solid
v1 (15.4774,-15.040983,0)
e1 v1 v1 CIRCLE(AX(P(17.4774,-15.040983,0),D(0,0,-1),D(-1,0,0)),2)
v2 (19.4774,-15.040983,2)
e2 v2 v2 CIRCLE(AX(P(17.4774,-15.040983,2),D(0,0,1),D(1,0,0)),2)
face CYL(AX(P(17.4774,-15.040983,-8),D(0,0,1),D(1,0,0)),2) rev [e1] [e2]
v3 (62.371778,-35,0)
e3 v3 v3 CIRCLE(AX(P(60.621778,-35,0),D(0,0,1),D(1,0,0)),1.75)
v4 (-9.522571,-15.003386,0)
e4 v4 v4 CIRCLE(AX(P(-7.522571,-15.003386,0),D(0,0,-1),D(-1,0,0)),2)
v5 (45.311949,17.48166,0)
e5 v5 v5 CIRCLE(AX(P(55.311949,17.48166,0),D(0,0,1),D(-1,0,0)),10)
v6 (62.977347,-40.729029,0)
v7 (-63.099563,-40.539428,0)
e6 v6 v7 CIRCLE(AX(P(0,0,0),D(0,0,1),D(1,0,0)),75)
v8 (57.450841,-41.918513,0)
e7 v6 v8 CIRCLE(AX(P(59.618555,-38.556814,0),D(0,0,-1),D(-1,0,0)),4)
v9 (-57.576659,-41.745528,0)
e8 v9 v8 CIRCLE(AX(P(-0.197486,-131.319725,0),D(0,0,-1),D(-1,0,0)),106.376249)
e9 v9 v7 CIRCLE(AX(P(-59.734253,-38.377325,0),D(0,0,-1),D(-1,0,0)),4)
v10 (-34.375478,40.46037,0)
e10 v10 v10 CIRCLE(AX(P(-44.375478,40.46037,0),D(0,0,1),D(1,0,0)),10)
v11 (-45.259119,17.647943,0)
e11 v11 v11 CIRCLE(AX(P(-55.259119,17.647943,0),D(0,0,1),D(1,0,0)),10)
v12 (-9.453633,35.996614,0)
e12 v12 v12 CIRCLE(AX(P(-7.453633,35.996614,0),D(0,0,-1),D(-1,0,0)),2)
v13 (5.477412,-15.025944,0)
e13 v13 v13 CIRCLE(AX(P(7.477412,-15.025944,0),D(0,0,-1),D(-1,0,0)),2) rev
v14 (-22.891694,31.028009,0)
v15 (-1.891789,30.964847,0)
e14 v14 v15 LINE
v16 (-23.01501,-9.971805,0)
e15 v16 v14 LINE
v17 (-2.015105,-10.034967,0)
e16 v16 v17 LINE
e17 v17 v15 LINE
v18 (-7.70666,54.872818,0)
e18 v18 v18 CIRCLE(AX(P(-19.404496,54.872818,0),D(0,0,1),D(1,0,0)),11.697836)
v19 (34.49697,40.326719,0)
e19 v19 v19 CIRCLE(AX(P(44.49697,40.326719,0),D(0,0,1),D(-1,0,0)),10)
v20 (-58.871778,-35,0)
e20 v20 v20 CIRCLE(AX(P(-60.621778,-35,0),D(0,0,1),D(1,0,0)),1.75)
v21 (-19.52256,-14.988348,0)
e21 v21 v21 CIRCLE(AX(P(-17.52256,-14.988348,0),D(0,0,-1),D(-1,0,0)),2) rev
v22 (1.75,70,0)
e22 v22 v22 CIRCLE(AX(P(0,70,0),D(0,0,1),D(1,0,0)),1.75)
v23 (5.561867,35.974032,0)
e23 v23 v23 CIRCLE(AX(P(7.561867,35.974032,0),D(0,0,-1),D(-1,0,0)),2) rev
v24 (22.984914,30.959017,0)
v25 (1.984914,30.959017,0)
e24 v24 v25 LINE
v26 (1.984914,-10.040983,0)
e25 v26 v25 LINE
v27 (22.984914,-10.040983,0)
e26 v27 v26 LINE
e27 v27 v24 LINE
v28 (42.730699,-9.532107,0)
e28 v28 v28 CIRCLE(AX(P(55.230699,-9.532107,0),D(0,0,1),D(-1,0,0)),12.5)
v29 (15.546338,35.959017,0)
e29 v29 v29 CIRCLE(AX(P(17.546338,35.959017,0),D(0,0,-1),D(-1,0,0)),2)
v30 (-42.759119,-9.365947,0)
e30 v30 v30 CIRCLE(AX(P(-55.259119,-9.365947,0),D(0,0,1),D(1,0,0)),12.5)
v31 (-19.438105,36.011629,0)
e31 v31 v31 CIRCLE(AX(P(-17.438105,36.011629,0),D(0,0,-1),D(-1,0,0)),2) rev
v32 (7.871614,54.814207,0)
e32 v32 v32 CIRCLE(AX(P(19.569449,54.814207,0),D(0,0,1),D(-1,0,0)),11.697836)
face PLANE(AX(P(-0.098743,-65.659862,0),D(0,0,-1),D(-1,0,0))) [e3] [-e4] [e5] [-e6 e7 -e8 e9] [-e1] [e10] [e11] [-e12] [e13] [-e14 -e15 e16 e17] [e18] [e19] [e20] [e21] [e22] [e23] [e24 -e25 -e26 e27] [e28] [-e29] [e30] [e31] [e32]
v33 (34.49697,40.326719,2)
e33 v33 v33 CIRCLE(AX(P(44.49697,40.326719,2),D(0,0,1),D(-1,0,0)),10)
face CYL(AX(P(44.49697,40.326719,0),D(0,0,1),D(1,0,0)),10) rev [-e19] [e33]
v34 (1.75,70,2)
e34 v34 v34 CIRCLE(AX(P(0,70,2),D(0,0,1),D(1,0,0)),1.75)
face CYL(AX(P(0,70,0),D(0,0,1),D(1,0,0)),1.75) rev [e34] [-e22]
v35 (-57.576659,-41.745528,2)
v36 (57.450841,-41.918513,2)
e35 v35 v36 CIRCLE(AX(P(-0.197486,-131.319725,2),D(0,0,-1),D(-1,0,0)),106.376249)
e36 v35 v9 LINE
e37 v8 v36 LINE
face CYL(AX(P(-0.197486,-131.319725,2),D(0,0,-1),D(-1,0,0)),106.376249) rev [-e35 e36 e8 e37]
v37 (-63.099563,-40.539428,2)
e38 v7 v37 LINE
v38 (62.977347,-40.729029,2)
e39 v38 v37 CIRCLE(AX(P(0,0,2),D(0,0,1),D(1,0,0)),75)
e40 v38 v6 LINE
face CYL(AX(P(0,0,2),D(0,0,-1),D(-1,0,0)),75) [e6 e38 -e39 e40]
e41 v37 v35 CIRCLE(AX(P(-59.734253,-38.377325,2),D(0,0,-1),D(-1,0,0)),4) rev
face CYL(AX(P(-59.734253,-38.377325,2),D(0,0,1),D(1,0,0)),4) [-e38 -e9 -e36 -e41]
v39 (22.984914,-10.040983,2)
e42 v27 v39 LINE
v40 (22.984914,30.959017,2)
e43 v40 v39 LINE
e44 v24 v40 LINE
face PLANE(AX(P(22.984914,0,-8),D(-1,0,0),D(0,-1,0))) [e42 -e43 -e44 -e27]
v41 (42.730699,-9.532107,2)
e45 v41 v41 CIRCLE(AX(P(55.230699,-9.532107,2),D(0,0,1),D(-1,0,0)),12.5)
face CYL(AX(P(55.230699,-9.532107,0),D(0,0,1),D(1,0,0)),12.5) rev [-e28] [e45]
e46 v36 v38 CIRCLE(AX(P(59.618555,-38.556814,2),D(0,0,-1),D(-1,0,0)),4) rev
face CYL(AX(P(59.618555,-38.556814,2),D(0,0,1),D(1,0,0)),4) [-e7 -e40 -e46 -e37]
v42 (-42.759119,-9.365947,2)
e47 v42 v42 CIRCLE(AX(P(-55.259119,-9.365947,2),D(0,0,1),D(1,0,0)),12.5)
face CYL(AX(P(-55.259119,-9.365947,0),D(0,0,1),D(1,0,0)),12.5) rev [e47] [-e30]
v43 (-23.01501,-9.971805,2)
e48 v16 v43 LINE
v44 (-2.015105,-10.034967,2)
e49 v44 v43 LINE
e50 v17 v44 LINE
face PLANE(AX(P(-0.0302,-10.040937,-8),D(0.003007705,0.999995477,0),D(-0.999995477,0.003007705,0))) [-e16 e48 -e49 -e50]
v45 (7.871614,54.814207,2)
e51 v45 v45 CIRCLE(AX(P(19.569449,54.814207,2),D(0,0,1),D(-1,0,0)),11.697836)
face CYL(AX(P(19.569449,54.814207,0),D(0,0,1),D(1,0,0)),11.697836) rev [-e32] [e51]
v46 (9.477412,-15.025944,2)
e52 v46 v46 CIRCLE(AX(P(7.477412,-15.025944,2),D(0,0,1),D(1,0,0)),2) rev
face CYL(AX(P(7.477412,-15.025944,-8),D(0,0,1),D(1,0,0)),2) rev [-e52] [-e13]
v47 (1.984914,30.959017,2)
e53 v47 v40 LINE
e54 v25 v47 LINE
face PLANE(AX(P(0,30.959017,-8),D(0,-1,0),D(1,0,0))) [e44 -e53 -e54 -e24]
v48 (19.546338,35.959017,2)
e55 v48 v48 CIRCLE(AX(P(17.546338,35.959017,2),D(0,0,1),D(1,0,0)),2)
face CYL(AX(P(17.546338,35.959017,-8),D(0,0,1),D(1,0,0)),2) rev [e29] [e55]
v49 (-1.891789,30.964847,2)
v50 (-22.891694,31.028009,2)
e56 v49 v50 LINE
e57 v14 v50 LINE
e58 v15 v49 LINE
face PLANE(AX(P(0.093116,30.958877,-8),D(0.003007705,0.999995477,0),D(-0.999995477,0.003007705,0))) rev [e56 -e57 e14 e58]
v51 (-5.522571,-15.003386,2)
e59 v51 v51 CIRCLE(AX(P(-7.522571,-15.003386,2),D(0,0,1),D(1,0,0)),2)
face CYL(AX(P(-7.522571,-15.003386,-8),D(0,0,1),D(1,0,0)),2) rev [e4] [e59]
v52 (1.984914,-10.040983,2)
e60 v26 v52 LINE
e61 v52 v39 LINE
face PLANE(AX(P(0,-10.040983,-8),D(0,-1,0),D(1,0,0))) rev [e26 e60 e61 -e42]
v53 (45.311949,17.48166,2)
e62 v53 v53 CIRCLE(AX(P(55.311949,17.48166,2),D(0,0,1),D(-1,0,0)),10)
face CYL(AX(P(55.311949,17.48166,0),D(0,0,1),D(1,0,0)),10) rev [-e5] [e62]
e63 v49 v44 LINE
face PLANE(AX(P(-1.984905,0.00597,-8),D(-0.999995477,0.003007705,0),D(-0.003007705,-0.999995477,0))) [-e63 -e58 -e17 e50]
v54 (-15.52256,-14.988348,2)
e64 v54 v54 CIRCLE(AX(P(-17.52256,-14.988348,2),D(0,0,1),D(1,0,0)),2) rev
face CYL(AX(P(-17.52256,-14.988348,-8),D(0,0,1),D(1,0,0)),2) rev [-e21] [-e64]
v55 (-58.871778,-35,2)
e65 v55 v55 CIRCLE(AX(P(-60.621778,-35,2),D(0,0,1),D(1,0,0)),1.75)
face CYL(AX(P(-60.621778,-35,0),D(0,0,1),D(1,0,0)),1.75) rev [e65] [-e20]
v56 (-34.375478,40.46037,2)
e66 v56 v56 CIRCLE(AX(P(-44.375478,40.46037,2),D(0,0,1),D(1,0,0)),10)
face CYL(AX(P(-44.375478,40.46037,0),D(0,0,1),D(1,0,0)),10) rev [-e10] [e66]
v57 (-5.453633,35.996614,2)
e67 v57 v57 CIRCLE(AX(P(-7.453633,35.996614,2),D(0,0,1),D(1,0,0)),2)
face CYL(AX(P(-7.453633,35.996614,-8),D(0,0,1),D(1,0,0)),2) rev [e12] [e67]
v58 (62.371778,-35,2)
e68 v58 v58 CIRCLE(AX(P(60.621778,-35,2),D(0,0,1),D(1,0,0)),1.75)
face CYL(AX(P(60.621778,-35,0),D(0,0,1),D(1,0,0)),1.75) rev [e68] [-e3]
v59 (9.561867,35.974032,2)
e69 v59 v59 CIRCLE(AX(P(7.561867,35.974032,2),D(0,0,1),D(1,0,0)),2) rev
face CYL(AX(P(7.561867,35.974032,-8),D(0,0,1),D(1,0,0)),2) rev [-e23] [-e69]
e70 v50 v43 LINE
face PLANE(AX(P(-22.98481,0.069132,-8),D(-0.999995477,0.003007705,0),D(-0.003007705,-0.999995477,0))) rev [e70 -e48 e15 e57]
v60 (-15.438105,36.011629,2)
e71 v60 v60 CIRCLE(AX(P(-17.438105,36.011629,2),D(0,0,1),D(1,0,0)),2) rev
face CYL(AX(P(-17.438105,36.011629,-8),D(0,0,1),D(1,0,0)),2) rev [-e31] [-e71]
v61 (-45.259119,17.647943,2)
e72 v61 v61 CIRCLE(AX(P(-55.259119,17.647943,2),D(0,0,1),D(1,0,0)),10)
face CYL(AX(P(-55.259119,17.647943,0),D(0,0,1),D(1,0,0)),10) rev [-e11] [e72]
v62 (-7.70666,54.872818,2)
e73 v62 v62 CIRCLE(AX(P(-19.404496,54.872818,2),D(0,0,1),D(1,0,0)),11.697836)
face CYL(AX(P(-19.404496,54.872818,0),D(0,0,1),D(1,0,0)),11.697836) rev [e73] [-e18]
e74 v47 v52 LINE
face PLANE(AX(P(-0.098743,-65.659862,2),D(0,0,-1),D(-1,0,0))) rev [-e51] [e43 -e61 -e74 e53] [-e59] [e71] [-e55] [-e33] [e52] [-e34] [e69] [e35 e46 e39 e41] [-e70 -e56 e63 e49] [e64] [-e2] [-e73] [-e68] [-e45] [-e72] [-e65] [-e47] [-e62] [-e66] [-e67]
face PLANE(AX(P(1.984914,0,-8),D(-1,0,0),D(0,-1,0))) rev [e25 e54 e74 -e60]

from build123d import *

# Parameters (mm, degrees)
EPAISSEUR_PLAQUE_DEPTH          = 2
ESQUISSE5_R                     = 1.75
PERCAGE_FIS_FIXATIONS_DEPTH     = 2
ARRONDIS_EXTREMITES_R           = 4
ESQUISSE10_R                    = 10
ESQUISSE10_R_2                  = 12.5
ESQUISSE10_R_3                  = 11.697835519
EVIDEMENT_DE_MATI_RE_DEPTH      = 2
ESQUISSE11_W                    = 21
ESQUISSE11_H                    = 41
ESQUISSE11_R                    = 2
EMPLACEMENTS_SERVOMOTEURS_DEPTH = 10


with BuildPart() as part:
    # Esquisse3 → Epaisseur plaque (new body)
    with BuildSketch(Plane.XY):
        with BuildLine():
            ThreePointArc((60.676831069, -44.083127967), (0.112789047, 74.999915191), (-60.809145642, -43.900430594))
            ThreePointArc((-60.809145642, -43.900430594), (-0.037511568, -24.943596323), (60.676831069, -44.083127967))
        make_face()
    extrude(amount=EPAISSEUR_PLAQUE_DEPTH)

    # Esquisse5 → Percage fis fixations (cut)
    with BuildSketch(Plane.XY.offset(2)):
        with Locations((0, 70)):
            Circle(ESQUISSE5_R)
        with Locations((60.621778265, -35)):
            Circle(ESQUISSE5_R)
        with Locations((-60.621778265, -35)):
            Circle(ESQUISSE5_R)
    extrude(amount=-PERCAGE_FIS_FIXATIONS_DEPTH, mode=Mode.SUBTRACT)

    # Arrondis extremites
    arrondis_extremites_edges = [part.edges().sort_by_distance(p)[0] for p in [
        (-60.809145642, -43.900430594, 1),
        (60.676831069, -44.083127967, 1),
    ]]
    fillet(arrondis_extremites_edges, radius=ARRONDIS_EXTREMITES_R)

    # Esquisse10 → Evidement de matière (cut)
    with BuildSketch(Plane.XY.offset(2)):
        with Locations((-44.375477733, 40.460370332)):
            Circle(ESQUISSE10_R)
        with Locations((-55.259118801, 17.647943075)):
            Circle(ESQUISSE10_R)
        with Locations((-55.259118801, -9.36594672)):
            Circle(ESQUISSE10_R_2)
        with Locations(Location((55.230698855, -9.532107458, 0), (0, 0, 180))):
            Circle(ESQUISSE10_R_2)
        with Locations(Location((55.311948653, 17.481660149, 0), (0, 0, 180))):
            Circle(ESQUISSE10_R)
        with Locations(Location((44.496969854, 40.326718999, 0), (0, 0, 180))):
            Circle(ESQUISSE10_R)
        with Locations((-19.404495621, 54.872818382)):
            Circle(ESQUISSE10_R_3)
        with Locations(Location((19.569449075, 54.814207195, 0), (0, 0, 180))):
            Circle(ESQUISSE10_R_3)
    extrude(amount=-EVIDEMENT_DE_MATI_RE_DEPTH, mode=Mode.SUBTRACT)

    # Esquisse11 → Emplacements servomoteurs (cut)
    with BuildSketch(Plane.XY.offset(2)):
        Polygon((-1.891789392, 30.96484727), (-2.015105277, -10.03496728), (-23.015010291, -9.971805486), (-22.891694406, 31.028009065), align=None)
        with Locations((12.484913946, 10.459017268)):
            Rectangle(ESQUISSE11_W, ESQUISSE11_H)
        with Locations((7.56186672, 35.974032472)):
            Circle(ESQUISSE11_R)
        with Locations((17.546338474, 35.959017268)):
            Circle(ESQUISSE11_R)
        with Locations((-7.453633256, 35.996613617)):
            Circle(ESQUISSE11_R)
        with Locations((-17.438105011, 36.011628821)):
            Circle(ESQUISSE11_R)
        with Locations((-17.522560101, -14.988347843)):
            Circle(ESQUISSE11_R)
        with Locations((17.477400322, -15.040982732)):
            Circle(ESQUISSE11_R)
        with Locations((7.47741163, -15.025944192)):
            Circle(ESQUISSE11_R)
        with Locations((-7.522571408, -15.003386383)):
            Circle(ESQUISSE11_R)
    extrude(amount=-EMPLACEMENTS_SERVOMOTEURS_DEPTH, mode=Mode.SUBTRACT)


solid = part.part
